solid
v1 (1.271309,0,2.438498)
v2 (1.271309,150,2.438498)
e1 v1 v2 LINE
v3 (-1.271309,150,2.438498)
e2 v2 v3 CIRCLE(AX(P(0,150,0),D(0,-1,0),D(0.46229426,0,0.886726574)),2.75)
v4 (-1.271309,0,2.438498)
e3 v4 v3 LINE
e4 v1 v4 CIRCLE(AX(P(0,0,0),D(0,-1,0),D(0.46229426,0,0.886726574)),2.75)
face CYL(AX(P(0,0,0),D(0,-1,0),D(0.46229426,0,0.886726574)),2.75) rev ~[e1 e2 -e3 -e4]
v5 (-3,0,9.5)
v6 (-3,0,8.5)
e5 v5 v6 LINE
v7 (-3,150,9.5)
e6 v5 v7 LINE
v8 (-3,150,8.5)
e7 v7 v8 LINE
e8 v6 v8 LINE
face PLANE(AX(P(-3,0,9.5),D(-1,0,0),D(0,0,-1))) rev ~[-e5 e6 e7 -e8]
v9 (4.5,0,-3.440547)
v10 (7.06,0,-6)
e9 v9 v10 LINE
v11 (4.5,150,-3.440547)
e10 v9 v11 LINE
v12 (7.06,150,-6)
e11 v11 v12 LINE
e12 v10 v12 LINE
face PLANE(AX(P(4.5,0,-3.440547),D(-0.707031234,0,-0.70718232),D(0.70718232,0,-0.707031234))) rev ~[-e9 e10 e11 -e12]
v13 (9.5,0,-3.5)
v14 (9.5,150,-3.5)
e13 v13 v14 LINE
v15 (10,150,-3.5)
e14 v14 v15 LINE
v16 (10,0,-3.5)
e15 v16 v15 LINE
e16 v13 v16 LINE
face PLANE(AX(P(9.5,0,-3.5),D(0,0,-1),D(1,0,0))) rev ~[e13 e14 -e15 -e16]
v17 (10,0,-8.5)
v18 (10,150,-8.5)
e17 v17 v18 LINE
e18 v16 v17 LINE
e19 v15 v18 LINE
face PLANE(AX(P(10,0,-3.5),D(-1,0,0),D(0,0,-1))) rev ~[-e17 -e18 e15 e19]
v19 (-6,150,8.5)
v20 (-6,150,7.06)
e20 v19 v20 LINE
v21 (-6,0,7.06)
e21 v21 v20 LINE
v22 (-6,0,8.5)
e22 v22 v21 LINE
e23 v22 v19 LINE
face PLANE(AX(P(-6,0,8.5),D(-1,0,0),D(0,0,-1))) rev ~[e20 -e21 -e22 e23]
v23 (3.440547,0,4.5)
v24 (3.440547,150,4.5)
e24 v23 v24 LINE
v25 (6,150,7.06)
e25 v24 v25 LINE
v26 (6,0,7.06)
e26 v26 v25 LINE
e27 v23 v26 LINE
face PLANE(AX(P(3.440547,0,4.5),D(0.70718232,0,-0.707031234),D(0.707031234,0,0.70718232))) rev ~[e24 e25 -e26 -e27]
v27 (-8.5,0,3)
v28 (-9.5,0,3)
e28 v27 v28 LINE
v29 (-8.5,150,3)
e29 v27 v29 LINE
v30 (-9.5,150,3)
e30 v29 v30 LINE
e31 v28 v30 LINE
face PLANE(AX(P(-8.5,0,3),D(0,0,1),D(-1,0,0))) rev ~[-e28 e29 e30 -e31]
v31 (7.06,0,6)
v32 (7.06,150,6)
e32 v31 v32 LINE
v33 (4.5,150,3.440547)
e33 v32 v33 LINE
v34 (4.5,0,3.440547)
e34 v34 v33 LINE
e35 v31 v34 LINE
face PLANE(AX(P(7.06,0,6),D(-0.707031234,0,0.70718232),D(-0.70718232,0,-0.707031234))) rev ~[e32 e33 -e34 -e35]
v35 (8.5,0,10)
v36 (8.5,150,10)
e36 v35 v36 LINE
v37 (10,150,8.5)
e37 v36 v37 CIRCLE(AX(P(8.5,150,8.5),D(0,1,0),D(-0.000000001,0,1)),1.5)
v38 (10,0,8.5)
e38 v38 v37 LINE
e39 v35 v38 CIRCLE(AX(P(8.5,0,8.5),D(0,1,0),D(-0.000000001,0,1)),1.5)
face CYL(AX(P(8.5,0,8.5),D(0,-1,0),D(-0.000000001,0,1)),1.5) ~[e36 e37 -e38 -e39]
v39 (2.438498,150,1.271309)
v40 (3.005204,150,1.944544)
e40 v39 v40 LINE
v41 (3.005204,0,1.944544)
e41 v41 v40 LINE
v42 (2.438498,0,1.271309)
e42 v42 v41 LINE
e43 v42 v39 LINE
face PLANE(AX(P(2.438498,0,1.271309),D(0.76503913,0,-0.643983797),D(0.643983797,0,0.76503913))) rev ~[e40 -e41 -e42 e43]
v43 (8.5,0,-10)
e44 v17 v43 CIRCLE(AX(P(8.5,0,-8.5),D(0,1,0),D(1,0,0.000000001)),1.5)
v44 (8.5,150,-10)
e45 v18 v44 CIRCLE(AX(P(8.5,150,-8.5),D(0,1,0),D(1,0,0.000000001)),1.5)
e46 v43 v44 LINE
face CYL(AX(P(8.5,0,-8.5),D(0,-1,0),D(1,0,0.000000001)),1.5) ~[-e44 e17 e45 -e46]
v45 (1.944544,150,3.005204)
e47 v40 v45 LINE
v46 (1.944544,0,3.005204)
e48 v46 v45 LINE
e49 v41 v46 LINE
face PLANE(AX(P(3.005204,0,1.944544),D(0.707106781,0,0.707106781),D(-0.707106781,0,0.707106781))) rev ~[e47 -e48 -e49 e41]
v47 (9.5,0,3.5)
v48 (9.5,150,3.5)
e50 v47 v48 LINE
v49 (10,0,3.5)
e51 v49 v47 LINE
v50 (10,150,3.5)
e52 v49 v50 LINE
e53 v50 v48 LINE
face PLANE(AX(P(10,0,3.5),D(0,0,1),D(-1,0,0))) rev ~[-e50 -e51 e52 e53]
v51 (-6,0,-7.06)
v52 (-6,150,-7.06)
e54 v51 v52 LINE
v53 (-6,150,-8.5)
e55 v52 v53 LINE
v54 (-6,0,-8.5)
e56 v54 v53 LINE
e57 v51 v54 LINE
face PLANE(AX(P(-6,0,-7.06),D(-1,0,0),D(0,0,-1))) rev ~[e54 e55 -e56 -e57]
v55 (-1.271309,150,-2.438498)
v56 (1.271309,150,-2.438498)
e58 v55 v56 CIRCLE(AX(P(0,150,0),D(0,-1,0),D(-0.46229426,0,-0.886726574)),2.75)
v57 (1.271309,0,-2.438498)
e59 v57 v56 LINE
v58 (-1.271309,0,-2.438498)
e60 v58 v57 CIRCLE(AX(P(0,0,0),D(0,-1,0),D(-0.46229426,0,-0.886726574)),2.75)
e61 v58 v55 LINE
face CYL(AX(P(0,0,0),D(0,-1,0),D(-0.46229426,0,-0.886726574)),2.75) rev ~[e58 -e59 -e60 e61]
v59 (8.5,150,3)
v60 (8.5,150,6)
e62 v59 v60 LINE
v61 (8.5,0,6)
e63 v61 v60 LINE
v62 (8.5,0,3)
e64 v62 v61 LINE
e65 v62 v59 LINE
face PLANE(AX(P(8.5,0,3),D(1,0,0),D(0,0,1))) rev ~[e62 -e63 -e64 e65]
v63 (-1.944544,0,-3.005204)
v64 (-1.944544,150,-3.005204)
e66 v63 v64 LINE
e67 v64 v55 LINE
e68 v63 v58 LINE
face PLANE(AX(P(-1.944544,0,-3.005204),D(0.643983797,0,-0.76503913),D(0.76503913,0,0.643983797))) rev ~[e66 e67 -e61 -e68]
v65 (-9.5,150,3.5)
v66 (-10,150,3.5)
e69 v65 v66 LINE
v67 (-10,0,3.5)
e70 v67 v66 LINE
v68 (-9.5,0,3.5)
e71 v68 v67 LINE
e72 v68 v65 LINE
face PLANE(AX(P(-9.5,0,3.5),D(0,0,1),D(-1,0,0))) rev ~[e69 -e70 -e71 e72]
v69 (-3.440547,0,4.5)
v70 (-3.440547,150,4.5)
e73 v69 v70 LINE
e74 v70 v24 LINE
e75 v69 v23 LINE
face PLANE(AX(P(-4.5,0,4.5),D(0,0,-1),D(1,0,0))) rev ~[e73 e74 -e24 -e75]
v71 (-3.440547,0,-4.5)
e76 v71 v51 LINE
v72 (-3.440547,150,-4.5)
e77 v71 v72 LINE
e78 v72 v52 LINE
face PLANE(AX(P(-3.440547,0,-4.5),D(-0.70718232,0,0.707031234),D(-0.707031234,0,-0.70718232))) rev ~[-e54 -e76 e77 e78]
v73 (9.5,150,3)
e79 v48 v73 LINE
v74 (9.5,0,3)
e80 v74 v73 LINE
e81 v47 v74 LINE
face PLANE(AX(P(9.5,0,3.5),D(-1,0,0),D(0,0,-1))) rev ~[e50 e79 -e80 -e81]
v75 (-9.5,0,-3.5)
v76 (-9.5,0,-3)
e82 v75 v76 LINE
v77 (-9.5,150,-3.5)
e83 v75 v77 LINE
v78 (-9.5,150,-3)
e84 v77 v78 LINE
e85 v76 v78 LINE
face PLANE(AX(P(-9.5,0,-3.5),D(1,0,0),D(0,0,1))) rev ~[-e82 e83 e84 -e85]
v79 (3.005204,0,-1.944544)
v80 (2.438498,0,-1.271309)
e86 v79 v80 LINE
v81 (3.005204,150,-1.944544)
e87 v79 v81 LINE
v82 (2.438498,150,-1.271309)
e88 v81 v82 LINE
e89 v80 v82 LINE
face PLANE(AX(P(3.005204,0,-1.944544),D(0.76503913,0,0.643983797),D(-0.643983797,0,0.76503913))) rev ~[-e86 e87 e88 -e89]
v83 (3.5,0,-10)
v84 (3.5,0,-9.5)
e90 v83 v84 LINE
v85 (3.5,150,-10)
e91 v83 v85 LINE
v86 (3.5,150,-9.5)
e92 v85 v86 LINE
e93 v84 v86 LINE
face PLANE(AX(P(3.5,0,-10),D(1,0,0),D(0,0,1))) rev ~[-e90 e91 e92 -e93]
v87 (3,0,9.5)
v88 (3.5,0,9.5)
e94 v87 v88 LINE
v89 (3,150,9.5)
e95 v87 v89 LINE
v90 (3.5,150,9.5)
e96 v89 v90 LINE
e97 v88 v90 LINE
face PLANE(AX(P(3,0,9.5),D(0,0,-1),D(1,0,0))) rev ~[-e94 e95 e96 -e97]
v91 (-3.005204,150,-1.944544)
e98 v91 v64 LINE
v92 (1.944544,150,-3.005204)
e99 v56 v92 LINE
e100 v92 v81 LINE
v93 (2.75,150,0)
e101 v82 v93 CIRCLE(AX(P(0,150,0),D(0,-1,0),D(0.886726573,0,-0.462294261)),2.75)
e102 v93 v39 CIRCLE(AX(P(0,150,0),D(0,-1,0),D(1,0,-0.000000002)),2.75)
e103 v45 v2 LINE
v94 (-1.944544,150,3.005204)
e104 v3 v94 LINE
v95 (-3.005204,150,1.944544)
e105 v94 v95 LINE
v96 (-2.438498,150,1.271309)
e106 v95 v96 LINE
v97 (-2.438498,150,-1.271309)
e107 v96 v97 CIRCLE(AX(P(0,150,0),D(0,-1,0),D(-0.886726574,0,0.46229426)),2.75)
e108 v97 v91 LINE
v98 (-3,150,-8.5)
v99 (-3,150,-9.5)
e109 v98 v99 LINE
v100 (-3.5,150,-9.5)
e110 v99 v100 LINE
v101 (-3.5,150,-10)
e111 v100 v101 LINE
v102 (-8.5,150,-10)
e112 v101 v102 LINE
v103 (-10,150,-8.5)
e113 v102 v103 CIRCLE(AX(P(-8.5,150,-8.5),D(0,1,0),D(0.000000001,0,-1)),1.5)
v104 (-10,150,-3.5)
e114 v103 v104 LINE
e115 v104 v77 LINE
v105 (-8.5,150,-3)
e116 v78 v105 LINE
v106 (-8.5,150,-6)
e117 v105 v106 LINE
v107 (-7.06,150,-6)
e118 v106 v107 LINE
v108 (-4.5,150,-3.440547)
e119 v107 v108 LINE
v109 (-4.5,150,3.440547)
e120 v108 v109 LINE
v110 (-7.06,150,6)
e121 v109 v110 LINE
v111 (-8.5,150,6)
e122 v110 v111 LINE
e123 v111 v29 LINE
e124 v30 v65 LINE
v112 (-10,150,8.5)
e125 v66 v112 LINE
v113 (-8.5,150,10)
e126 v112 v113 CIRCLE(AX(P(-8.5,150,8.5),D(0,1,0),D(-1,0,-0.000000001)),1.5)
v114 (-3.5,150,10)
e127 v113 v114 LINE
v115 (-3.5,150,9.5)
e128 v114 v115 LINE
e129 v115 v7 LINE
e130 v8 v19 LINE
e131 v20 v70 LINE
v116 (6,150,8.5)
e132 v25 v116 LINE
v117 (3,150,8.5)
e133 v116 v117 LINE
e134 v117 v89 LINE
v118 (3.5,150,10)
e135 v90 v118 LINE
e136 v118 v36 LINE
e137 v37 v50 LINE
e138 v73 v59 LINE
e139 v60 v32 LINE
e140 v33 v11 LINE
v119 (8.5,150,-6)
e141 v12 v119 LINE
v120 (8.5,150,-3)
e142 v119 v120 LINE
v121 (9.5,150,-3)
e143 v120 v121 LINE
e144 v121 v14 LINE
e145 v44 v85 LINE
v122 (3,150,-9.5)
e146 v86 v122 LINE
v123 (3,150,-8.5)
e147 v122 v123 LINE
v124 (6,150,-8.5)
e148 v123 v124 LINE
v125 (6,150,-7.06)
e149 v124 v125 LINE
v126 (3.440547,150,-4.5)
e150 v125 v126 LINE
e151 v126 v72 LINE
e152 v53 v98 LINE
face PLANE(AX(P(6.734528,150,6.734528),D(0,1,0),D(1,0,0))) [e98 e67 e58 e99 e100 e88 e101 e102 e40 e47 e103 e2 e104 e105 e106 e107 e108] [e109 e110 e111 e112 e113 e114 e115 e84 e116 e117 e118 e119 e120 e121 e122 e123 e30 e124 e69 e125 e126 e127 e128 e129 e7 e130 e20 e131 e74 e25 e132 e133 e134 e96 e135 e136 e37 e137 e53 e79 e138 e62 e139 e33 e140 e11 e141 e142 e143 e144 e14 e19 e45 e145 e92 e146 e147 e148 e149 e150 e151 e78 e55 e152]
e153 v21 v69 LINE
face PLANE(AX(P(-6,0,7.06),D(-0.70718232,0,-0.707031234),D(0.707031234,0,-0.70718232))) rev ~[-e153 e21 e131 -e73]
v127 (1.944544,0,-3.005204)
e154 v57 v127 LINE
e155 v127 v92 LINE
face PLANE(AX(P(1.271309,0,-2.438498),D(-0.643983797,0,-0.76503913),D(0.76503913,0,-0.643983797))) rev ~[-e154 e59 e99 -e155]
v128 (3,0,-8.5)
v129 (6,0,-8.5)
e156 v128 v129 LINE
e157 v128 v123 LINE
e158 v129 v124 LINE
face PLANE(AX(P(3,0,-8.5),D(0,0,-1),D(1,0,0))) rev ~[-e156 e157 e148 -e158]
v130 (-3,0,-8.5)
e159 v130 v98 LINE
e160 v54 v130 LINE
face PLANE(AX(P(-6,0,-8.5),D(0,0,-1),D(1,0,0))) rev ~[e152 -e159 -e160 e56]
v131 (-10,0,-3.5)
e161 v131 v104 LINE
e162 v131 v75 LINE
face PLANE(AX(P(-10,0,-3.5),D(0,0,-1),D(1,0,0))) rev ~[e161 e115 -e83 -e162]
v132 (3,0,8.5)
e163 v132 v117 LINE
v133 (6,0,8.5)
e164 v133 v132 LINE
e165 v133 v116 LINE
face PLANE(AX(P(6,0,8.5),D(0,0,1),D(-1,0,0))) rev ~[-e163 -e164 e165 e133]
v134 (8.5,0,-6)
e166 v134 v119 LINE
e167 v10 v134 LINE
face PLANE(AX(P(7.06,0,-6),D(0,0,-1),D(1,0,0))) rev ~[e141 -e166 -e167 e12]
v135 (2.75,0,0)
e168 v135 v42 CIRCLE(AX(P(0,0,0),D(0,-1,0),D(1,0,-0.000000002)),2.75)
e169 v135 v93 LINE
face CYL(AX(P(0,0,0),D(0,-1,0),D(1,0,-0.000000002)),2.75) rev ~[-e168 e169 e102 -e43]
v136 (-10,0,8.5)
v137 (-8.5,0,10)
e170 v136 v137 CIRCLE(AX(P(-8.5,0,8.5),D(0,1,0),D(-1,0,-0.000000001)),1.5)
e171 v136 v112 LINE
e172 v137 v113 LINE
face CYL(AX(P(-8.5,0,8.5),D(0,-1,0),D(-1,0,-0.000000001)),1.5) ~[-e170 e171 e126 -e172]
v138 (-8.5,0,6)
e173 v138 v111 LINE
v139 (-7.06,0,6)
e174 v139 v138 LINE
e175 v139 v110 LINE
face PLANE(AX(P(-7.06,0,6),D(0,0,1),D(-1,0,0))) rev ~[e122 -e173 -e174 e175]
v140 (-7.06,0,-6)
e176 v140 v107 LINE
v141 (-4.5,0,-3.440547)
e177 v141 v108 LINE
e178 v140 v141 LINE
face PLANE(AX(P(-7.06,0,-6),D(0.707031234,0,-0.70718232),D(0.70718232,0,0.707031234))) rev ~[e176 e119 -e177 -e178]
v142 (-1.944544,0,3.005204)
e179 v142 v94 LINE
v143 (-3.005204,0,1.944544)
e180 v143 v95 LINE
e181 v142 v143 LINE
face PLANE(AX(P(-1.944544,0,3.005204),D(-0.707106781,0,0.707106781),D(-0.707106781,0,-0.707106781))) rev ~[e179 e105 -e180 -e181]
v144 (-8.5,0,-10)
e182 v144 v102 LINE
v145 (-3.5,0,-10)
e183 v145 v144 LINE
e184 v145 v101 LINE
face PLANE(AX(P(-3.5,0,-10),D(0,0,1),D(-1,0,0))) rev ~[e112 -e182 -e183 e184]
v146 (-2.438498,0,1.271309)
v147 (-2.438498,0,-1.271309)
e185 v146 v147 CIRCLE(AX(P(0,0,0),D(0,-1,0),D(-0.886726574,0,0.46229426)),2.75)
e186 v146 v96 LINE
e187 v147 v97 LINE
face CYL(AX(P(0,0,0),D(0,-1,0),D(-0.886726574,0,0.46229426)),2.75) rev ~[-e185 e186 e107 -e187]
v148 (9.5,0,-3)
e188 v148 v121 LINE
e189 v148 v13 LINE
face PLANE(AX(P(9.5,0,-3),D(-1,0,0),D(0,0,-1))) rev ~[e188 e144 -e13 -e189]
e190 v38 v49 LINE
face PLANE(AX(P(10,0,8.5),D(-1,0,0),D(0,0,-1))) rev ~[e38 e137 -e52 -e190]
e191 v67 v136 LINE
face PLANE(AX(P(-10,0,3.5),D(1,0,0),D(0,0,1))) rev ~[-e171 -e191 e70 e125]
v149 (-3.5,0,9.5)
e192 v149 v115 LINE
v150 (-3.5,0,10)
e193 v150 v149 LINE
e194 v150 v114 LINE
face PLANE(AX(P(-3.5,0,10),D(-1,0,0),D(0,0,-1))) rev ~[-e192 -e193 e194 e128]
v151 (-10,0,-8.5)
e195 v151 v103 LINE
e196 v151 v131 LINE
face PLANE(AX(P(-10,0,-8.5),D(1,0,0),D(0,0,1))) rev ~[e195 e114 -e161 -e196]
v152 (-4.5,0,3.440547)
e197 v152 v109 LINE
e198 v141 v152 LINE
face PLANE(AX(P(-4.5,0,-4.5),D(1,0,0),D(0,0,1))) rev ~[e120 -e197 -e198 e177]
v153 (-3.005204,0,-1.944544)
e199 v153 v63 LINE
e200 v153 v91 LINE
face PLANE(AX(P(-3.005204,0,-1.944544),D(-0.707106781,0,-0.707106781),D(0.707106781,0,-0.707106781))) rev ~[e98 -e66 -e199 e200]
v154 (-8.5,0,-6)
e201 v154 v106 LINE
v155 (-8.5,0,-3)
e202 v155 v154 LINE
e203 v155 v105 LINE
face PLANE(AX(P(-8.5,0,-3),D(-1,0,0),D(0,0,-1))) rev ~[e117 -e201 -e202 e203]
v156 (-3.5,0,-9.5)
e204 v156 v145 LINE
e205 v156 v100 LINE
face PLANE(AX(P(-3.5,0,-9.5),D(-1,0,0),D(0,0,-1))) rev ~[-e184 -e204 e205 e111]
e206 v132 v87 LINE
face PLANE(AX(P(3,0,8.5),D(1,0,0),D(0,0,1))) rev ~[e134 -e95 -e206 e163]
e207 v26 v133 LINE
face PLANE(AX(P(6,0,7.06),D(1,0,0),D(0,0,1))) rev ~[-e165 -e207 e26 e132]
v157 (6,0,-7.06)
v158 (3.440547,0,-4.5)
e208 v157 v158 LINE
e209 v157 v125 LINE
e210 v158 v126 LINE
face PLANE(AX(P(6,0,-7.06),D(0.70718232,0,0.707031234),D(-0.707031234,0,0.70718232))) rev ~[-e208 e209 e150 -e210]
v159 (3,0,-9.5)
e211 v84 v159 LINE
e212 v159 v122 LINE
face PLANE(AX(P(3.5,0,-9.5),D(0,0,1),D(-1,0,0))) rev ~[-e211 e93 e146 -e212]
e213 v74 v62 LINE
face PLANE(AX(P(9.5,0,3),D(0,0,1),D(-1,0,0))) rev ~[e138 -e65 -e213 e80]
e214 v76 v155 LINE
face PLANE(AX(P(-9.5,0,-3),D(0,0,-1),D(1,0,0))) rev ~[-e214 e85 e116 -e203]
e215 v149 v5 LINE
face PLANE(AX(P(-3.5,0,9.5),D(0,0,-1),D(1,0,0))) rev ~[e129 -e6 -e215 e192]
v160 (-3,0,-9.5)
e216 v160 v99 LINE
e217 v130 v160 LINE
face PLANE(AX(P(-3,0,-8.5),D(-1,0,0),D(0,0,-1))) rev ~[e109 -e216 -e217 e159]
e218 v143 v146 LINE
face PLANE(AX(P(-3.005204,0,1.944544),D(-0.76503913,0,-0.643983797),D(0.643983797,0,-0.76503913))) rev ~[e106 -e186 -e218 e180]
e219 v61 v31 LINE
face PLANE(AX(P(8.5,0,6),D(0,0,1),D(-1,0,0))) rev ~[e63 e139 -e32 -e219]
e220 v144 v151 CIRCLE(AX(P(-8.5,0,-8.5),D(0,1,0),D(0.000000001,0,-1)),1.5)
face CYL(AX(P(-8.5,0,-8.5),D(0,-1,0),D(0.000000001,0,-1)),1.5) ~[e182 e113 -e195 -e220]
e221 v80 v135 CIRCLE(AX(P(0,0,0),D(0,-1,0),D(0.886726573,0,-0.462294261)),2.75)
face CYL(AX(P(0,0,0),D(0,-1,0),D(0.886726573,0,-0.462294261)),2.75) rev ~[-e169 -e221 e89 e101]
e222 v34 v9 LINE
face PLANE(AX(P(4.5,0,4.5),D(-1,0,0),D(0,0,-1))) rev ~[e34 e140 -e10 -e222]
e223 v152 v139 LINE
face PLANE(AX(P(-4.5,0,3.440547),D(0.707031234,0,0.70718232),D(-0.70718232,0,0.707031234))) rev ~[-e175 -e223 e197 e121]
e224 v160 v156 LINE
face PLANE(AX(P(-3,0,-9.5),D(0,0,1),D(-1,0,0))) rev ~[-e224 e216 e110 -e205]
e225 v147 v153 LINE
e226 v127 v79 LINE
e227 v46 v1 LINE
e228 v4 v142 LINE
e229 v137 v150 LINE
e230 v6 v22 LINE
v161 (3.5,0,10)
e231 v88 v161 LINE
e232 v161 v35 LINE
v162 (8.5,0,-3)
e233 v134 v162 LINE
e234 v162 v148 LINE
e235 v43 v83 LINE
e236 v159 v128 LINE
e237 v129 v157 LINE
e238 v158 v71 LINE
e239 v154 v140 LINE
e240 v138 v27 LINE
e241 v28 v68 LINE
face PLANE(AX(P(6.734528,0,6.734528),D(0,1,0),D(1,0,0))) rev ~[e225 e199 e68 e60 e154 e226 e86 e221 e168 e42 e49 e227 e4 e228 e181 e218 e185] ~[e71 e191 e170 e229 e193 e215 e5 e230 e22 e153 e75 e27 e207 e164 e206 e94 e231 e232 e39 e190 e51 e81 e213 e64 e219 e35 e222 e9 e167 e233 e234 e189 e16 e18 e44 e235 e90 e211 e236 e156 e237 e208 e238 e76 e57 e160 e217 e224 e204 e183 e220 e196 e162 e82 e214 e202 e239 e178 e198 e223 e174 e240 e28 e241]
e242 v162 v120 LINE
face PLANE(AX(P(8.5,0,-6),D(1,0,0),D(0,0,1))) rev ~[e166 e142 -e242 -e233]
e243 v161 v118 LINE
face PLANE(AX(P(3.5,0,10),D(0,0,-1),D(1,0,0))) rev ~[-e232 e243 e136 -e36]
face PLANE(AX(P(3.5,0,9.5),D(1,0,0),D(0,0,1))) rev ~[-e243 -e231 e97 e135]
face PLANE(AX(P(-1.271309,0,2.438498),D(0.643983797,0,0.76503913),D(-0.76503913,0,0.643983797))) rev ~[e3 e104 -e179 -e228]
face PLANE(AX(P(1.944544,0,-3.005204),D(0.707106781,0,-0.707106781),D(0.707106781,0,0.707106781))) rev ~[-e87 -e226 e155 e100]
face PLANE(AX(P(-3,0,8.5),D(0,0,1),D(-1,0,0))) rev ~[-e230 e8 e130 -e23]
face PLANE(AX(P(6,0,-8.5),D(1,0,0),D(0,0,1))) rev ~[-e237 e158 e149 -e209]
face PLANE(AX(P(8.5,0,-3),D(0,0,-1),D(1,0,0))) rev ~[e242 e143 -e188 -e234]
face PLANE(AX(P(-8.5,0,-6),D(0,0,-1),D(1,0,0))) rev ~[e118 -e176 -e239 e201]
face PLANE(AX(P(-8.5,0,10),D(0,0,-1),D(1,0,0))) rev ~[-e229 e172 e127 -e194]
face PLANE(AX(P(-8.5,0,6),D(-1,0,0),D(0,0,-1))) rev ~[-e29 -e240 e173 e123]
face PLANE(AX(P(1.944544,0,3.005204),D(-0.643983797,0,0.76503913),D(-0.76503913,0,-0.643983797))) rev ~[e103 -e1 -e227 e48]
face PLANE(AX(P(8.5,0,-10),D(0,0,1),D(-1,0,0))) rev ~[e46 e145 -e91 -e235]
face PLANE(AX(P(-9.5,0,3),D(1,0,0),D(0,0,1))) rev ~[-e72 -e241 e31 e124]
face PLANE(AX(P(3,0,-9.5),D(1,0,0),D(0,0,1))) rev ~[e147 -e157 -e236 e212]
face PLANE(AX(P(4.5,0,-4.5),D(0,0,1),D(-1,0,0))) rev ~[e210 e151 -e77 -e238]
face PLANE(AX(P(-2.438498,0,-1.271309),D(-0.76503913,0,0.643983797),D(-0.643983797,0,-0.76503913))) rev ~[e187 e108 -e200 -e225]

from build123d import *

# Parameters (mm, degrees)
DODANIE_WYCI_GNI_CIE1_DEPTH = 150


with BuildPart() as part:
    # Szkic1 → Dodanie-wyciągnięcie1 (new body)
    # profile 1 of 5: a face of its own
    with BuildSketch(Plane(origin=(0, 0, 0), x_dir=(1, 0, 0), z_dir=(0, 1, 0))):
        with BuildLine():
            Line((-7.06, 6), (-4.5, 3.440546933))
            Line((-4.5, 3.440546933), (-4.5, 4.5))
            Line((-4.5, 4.5), (-3.440546933, 4.5))
            Line((-3.440546933, 4.5), (-6, 7.06))
            Line((-6, 7.06), (-6, 8.5))
            Line((-6, 8.5), (-3, 8.5))
            Line((-3, 8.5), (-3, 9.5))
            Line((-3, 9.5), (-3.5, 9.5))
            Line((-3.5, 9.5), (-3.5, 10))
            Line((-3.5, 10), (-8.5, 10))
            ThreePointArc((-8.5, 10), (-9.560660172, 9.560660172), (-10, 8.5))
            Line((-10, 8.5), (-10, 3.5))
            Line((-10, 3.5), (-9.5, 3.5))
            Line((-9.5, 3.5), (-9.5, 3))
            Line((-9.5, 3), (-8.5, 3))
            Line((-8.5, 3), (-8.5, 6))
            Line((-8.5, 6), (-7.06, 6))
        make_face()
    # profile 2 of 5: a face of its own
    with BuildSketch(Plane(origin=(0, 0, 0), x_dir=(1, 0, 0), z_dir=(0, 1, 0))):
        with BuildLine():
            Line((4.5, 4.5), (4.5, 3.440546933))
            Line((4.5, 3.440546933), (7.06, 6))
            Line((7.06, 6), (8.5, 6))
            Line((8.5, 6), (8.5, 3))
            Line((8.5, 3), (9.5, 3))
            Line((9.5, 3), (9.5, 3.5))
            Line((9.5, 3.5), (10, 3.5))
            Line((10, 3.5), (10, 8.5))
            ThreePointArc((10, 8.5), (9.560660172, 9.560660172), (8.5, 10))
            Line((8.5, 10), (3.5, 10))
            Line((3.5, 10), (3.5, 9.5))
            Line((3.5, 9.5), (3, 9.5))
            Line((3, 9.5), (3, 8.5))
            Line((3, 8.5), (6, 8.5))
            Line((6, 8.5), (6, 7.06))
            Line((6, 7.06), (3.440546933, 4.5))
            Line((3.440546933, 4.5), (4.5, 4.5))
        make_face()
    # profile 3 of 5: a face of its own
    with BuildSketch(Plane(origin=(0, 0, 0), x_dir=(1, 0, 0), z_dir=(0, 1, 0))):
        Polygon((3.440546933, -4.5), (4.5, -4.5), (4.5, -3.440546933), (4.5, 3.440546933), (4.5, 4.5), (3.440546933, 4.5), (-3.440546933, 4.5), (-4.5, 4.5), (-4.5, 3.440546933), (-4.5, -3.440546933), (-4.5, -4.5), (-3.440546933, -4.5), align=None)
        with BuildLine():
            Line((-3.00520382, 1.944543648), (-1.944543648, 3.00520382))
            Line((-1.944543648, 3.00520382), (-1.271309214, 2.438498079))
            ThreePointArc((-1.271309214, 2.438498079), (0, 2.75), (1.271309214, 2.438498079))
            Line((1.271309214, 2.438498079), (1.944543648, 3.00520382))
            Line((1.944543648, 3.00520382), (3.00520382, 1.944543648))
            Line((3.00520382, 1.944543648), (2.438498079, 1.271309214))
            ThreePointArc((2.438498079, 1.271309214), (2.670989491, 0.654457899), (2.75, 0))
            ThreePointArc((2.75, 0), (2.670989491, -0.654457899), (2.438498079, -1.271309214))
            Line((2.438498079, -1.271309214), (3.00520382, -1.944543648))
            Line((3.00520382, -1.944543648), (1.944543648, -3.00520382))
            Line((1.944543648, -3.00520382), (1.271309214, -2.438498079))
            ThreePointArc((1.271309214, -2.438498079), (0, -2.75), (-1.271309214, -2.438498079))
            Line((-1.271309214, -2.438498079), (-1.944543648, -3.00520382))
            Line((-1.944543648, -3.00520382), (-3.00520382, -1.944543648))
            Line((-3.00520382, -1.944543648), (-2.438498079, -1.271309214))
            ThreePointArc((-2.438498079, -1.271309214), (-2.75, 0), (-2.438498079, 1.271309214))
            Line((-2.438498079, 1.271309214), (-3.00520382, 1.944543648))
        make_face(mode=Mode.SUBTRACT)
    # profile 4 of 5: a face of its own
    with BuildSketch(Plane(origin=(0, 0, 0), x_dir=(1, 0, 0), z_dir=(0, 1, 0))):
        with BuildLine():
            Line((-6, -7.06), (-3.440546933, -4.5))
            Line((-3.440546933, -4.5), (-4.5, -4.5))
            Line((-4.5, -4.5), (-4.5, -3.440546933))
            Line((-4.5, -3.440546933), (-7.06, -6))
            Line((-7.06, -6), (-8.5, -6))
            Line((-8.5, -6), (-8.5, -3))
            Line((-8.5, -3), (-9.5, -3))
            Line((-9.5, -3), (-9.5, -3.5))
            Line((-9.5, -3.5), (-10, -3.5))
            Line((-10, -3.5), (-10, -8.5))
            ThreePointArc((-10, -8.5), (-9.560660172, -9.560660172), (-8.5, -10))
            Line((-8.5, -10), (-3.5, -10))
            Line((-3.5, -10), (-3.5, -9.5))
            Line((-3.5, -9.5), (-3, -9.5))
            Line((-3, -9.5), (-3, -8.5))
            Line((-3, -8.5), (-6, -8.5))
            Line((-6, -8.5), (-6, -7.06))
        make_face()
    # profile 5 of 5: a face of its own
    with BuildSketch(Plane(origin=(0, 0, 0), x_dir=(1, 0, 0), z_dir=(0, 1, 0))):
        with BuildLine():
            Line((4.5, -3.440546933), (4.5, -4.5))
            Line((4.5, -4.5), (3.440546933, -4.5))
            Line((3.440546933, -4.5), (6, -7.06))
            Line((6, -7.06), (6, -8.5))
            Line((6, -8.5), (3, -8.5))
            Line((3, -8.5), (3, -9.5))
            Line((3, -9.5), (3.5, -9.5))
            Line((3.5, -9.5), (3.5, -10))
            Line((3.5, -10), (8.5, -10))
            ThreePointArc((8.5, -10), (9.560660172, -9.560660172), (10, -8.5))
            Line((10, -8.5), (10, -3.5))
            Line((10, -3.5), (9.5, -3.5))
            Line((9.5, -3.5), (9.5, -3))
            Line((9.5, -3), (8.5, -3))
            Line((8.5, -3), (8.5, -6))
            Line((8.5, -6), (7.06, -6))
            Line((7.06, -6), (4.5, -3.440546933))
        make_face()
    extrude(amount=DODANIE_WYCI_GNI_CIE1_DEPTH)


solid = part.part
